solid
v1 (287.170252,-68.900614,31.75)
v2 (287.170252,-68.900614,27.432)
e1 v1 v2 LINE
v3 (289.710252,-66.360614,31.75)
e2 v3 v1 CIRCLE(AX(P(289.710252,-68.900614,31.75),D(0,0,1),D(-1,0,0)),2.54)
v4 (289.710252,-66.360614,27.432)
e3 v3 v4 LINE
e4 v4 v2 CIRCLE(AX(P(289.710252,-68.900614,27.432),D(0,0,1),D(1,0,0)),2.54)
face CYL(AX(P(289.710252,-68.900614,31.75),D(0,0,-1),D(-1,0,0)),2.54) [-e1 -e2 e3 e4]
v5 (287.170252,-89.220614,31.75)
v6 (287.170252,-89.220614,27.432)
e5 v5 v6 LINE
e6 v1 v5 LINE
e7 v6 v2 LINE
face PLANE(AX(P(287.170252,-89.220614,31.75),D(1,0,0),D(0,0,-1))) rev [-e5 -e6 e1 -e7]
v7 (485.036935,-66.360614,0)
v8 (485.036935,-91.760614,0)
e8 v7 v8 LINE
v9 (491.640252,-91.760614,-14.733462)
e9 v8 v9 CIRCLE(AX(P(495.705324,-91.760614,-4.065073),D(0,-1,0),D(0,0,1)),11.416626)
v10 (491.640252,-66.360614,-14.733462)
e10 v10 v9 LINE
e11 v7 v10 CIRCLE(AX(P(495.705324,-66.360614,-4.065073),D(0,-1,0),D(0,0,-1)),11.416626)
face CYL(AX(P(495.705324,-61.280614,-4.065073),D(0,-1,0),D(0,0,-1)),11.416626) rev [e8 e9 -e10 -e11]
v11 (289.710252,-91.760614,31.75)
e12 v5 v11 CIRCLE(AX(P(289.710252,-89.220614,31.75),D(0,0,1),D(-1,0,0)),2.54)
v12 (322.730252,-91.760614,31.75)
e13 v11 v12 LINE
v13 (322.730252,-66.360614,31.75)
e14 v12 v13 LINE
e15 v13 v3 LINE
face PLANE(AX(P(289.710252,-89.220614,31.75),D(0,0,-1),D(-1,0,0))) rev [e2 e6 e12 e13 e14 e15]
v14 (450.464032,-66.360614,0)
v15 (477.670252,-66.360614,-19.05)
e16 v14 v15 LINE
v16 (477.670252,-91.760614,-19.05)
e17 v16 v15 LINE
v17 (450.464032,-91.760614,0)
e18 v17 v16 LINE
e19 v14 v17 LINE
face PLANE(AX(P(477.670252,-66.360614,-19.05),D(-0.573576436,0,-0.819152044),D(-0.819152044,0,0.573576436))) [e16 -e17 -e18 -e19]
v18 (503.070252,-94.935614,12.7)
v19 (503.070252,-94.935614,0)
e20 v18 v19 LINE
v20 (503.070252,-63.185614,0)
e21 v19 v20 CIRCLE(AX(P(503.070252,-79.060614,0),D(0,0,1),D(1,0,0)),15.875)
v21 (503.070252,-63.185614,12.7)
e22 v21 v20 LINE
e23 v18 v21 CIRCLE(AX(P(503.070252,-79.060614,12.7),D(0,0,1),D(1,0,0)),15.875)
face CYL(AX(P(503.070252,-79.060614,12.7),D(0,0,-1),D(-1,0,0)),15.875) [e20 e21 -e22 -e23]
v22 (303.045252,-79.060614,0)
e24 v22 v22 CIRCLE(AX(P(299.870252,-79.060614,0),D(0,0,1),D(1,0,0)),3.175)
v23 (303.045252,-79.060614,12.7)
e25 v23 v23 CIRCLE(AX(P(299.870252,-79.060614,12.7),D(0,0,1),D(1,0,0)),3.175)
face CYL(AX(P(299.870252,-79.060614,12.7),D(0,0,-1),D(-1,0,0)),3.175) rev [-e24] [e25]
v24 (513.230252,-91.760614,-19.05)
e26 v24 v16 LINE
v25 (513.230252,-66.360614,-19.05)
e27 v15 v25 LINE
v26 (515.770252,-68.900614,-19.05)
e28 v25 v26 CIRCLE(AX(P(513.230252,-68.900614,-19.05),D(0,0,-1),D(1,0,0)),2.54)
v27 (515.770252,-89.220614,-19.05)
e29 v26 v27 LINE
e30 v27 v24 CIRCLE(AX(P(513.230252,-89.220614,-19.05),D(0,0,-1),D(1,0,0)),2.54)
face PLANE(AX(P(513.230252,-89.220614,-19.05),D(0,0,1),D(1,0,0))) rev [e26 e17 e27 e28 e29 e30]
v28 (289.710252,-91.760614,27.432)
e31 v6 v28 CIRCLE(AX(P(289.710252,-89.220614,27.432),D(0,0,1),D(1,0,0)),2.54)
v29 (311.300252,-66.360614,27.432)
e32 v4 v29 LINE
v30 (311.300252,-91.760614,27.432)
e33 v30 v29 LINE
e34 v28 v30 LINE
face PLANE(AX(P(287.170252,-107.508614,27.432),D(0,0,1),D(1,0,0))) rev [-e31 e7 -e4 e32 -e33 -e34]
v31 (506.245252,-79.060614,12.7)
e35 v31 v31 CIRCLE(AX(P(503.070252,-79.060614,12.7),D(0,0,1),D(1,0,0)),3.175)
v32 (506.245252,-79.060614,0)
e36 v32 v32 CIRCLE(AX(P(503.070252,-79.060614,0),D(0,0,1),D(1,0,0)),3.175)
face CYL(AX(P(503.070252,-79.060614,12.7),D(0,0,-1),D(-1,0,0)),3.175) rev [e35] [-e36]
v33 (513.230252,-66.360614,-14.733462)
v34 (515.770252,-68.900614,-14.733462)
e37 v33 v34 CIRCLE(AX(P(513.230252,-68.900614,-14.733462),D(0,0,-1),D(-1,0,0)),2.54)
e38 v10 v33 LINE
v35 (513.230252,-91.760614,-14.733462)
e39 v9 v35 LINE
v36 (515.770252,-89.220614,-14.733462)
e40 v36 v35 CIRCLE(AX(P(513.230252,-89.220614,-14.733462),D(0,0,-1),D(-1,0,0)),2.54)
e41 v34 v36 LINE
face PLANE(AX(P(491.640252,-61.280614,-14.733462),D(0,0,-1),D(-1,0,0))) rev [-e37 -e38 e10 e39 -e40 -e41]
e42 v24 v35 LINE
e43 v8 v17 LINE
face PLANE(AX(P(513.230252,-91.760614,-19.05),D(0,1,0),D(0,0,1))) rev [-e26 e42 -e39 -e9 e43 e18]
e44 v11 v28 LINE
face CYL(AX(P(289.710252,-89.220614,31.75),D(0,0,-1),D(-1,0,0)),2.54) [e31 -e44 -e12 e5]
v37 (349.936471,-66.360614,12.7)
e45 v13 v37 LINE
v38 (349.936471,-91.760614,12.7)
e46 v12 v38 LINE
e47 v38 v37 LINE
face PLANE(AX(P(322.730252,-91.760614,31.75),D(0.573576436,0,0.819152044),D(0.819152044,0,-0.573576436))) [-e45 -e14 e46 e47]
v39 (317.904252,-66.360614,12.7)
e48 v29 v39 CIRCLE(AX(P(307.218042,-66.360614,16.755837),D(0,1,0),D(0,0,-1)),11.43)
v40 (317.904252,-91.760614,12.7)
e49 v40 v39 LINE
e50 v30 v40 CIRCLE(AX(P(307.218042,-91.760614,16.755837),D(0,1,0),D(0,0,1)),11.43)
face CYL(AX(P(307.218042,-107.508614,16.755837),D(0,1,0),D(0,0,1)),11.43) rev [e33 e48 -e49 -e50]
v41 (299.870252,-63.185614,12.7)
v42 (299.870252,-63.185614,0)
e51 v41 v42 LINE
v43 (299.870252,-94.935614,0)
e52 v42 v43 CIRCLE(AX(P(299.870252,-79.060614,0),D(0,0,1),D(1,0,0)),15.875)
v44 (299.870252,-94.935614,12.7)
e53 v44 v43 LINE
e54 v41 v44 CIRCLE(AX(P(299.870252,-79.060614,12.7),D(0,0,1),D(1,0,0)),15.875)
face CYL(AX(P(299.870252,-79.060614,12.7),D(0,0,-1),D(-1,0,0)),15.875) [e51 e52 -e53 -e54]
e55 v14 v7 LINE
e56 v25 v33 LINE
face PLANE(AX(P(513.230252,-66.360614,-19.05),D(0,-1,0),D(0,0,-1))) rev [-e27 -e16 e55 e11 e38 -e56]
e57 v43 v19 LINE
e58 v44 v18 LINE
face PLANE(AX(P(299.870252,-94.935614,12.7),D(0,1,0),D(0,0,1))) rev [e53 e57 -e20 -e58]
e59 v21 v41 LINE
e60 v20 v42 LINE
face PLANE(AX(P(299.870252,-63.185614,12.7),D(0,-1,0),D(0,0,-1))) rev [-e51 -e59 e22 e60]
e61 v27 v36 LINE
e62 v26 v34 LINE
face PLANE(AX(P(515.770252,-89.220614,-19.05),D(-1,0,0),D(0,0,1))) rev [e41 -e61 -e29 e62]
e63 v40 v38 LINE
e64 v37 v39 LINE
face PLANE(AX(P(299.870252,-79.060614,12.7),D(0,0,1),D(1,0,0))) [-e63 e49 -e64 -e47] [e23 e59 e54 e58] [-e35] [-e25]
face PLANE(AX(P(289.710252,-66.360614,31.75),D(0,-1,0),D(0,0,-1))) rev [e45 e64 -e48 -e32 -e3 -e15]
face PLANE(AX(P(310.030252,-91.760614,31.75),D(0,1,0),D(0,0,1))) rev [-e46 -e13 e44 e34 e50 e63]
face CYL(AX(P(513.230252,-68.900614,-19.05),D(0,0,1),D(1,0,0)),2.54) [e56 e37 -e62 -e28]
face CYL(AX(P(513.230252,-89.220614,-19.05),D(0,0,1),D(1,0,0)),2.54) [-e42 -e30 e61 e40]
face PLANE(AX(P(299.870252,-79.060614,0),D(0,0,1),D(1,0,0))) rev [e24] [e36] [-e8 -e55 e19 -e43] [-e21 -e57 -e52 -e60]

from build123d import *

# Parameters (mm, degrees)
SKETCH1_R           = 3.175
BOSS_EXTRUDE1_DEPTH = 12.7
BOSS_EXTRUDE2_DEPTH = 19.05
CUT_EXTRUDE2_DEPTH  = 30.48
BOSS_EXTRUDE7_DEPTH = 25.4
BOSS_EXTRUDE8_DEPTH = 19.05
CUT_EXTRUDE3_DEPTH  = 41.148
BOSS_EXTRUDE9_DEPTH = 25.4


with BuildPart() as part:
    # Sketch1 → Boss-Extrude1 (new body)
    with BuildSketch(Plane.XY):
        with BuildLine():
            Line((299.870251741, -63.185614448), (503.070251741, -63.185614448))
            ThreePointArc((503.070251741, -63.185614448), (518.945251741, -79.060614448), (503.070251741, -94.935614448))
            Line((503.070251741, -94.935614448), (299.870251741, -94.935614448))
            ThreePointArc((299.870251741, -94.935614448), (283.995251741, -79.060614448), (299.870251741, -63.185614448))
        make_face()
        with Locations((299.870251741, -79.060614448)):
            Circle(SKETCH1_R, mode=Mode.SUBTRACT)
        with Locations((503.070251741, -79.060614448)):
            Circle(SKETCH1_R, mode=Mode.SUBTRACT)
    extrude(amount=BOSS_EXTRUDE1_DEPTH)

    # Sketch2 → Boss-Extrude2 (add)
    with BuildSketch(Plane(origin=(0, 0, 0), x_dir=(-1, 0, 0), z_dir=(0, 0, -1))):
        with BuildLine():
            Line((-477.670251741, -66.360614448), (-477.670251741, -91.760614448))
            Line((-477.670251741, -91.760614448), (-513.230251741, -91.760614448))
            ThreePointArc((-513.230251741, -91.760614448), (-515.026302965, -91.016665672), (-515.770251741, -89.220614448))
            Line((-515.770251741, -89.220614448), (-515.770251741, -68.900614448))
            ThreePointArc((-515.770251741, -68.900614448), (-515.026302965, -67.104563223), (-513.230251741, -66.360614448))
            Line((-513.230251741, -66.360614448), (-477.670251741, -66.360614448))
        make_face()
    extrude(amount=BOSS_EXTRUDE2_DEPTH)

    # Sketch6 → Cut-Extrude2 (cut)
    with BuildSketch(Plane.XZ.offset(91.760614448)):
        with BuildLine():
            Line((499.246061033, 0), (515.770251741, 0))
            Line((515.770251741, 0), (515.770251741, -14.733462418))
            Line((515.770251741, -14.733462418), (491.640251741, -14.733462418))
            ThreePointArc((491.640251741, -14.733462418), (485.287193282, -8.73432293), (485.036934778, 0))
            Line((485.036934778, 0), (488.908392954, 0))
            Line((488.908392954, 0), (499.246061033, 0))
        make_face()
    extrude(amount=-CUT_EXTRUDE2_DEPTH, mode=Mode.SUBTRACT)

    # Sketch4 → Boss-Extrude7 (add)
    with BuildSketch(Plane.XZ.offset(91.760614448)):
        Polygon((477.670251741, -19.05), (450.464032212, 0), (477.670251741, 0), align=None)
    extrude(amount=-BOSS_EXTRUDE7_DEPTH)

    # Sketch7 → Boss-Extrude8 (add)
    with BuildSketch(Plane.XY.offset(12.7)):
        with BuildLine():
            Line((310.030251741, -66.360614448), (312.570251741, -66.360614448))
            Line((312.570251741, -66.360614448), (322.730251741, -66.360614448))
            Line((322.730251741, -66.360614448), (322.730251741, -91.760614448))
            Line((322.730251741, -91.760614448), (310.030251741, -91.760614448))
            Line((310.030251741, -91.760614448), (289.710251741, -91.760614448))
            ThreePointArc((289.710251741, -91.760614448), (287.914200517, -91.016665672), (287.170251741, -89.220614448))
            Line((287.170251741, -89.220614448), (287.170251741, -68.900614448))
            ThreePointArc((287.170251741, -68.900614448), (287.914200517, -67.104563223), (289.710251741, -66.360614448))
            Line((289.710251741, -66.360614448), (310.030251741, -66.360614448))
        make_face()
    extrude(amount=BOSS_EXTRUDE8_DEPTH)

    # Sketch8 → Cut-Extrude3 (cut)
    with BuildSketch(Plane(origin=(0, -66.360614448, 0), x_dir=(1, 0, 0), z_dir=(0, 1, 0))):
        with BuildLine():
            Line((287.170251741, -12.7), (317.904251741, -12.7))
            ThreePointArc((317.904251741, -12.7), (317.648023156, -21.431345807), (311.300251741, -27.432))
            Line((311.300251741, -27.432), (287.170251741, -27.432))
            Line((287.170251741, -27.432), (287.170251741, -12.7))
        make_face()
    extrude(amount=-CUT_EXTRUDE3_DEPTH, mode=Mode.SUBTRACT)

    # Sketch9 → Boss-Extrude9 (add)
    with BuildSketch(Plane(origin=(0, -66.360614448, 0), x_dir=(1, 0, 0), z_dir=(0, 1, 0))):
        Polygon((322.730251741, -31.75), (349.936471269, -12.7), (322.730251741, -12.7), align=None)
    extrude(amount=-BOSS_EXTRUDE9_DEPTH)


solid = part.part
